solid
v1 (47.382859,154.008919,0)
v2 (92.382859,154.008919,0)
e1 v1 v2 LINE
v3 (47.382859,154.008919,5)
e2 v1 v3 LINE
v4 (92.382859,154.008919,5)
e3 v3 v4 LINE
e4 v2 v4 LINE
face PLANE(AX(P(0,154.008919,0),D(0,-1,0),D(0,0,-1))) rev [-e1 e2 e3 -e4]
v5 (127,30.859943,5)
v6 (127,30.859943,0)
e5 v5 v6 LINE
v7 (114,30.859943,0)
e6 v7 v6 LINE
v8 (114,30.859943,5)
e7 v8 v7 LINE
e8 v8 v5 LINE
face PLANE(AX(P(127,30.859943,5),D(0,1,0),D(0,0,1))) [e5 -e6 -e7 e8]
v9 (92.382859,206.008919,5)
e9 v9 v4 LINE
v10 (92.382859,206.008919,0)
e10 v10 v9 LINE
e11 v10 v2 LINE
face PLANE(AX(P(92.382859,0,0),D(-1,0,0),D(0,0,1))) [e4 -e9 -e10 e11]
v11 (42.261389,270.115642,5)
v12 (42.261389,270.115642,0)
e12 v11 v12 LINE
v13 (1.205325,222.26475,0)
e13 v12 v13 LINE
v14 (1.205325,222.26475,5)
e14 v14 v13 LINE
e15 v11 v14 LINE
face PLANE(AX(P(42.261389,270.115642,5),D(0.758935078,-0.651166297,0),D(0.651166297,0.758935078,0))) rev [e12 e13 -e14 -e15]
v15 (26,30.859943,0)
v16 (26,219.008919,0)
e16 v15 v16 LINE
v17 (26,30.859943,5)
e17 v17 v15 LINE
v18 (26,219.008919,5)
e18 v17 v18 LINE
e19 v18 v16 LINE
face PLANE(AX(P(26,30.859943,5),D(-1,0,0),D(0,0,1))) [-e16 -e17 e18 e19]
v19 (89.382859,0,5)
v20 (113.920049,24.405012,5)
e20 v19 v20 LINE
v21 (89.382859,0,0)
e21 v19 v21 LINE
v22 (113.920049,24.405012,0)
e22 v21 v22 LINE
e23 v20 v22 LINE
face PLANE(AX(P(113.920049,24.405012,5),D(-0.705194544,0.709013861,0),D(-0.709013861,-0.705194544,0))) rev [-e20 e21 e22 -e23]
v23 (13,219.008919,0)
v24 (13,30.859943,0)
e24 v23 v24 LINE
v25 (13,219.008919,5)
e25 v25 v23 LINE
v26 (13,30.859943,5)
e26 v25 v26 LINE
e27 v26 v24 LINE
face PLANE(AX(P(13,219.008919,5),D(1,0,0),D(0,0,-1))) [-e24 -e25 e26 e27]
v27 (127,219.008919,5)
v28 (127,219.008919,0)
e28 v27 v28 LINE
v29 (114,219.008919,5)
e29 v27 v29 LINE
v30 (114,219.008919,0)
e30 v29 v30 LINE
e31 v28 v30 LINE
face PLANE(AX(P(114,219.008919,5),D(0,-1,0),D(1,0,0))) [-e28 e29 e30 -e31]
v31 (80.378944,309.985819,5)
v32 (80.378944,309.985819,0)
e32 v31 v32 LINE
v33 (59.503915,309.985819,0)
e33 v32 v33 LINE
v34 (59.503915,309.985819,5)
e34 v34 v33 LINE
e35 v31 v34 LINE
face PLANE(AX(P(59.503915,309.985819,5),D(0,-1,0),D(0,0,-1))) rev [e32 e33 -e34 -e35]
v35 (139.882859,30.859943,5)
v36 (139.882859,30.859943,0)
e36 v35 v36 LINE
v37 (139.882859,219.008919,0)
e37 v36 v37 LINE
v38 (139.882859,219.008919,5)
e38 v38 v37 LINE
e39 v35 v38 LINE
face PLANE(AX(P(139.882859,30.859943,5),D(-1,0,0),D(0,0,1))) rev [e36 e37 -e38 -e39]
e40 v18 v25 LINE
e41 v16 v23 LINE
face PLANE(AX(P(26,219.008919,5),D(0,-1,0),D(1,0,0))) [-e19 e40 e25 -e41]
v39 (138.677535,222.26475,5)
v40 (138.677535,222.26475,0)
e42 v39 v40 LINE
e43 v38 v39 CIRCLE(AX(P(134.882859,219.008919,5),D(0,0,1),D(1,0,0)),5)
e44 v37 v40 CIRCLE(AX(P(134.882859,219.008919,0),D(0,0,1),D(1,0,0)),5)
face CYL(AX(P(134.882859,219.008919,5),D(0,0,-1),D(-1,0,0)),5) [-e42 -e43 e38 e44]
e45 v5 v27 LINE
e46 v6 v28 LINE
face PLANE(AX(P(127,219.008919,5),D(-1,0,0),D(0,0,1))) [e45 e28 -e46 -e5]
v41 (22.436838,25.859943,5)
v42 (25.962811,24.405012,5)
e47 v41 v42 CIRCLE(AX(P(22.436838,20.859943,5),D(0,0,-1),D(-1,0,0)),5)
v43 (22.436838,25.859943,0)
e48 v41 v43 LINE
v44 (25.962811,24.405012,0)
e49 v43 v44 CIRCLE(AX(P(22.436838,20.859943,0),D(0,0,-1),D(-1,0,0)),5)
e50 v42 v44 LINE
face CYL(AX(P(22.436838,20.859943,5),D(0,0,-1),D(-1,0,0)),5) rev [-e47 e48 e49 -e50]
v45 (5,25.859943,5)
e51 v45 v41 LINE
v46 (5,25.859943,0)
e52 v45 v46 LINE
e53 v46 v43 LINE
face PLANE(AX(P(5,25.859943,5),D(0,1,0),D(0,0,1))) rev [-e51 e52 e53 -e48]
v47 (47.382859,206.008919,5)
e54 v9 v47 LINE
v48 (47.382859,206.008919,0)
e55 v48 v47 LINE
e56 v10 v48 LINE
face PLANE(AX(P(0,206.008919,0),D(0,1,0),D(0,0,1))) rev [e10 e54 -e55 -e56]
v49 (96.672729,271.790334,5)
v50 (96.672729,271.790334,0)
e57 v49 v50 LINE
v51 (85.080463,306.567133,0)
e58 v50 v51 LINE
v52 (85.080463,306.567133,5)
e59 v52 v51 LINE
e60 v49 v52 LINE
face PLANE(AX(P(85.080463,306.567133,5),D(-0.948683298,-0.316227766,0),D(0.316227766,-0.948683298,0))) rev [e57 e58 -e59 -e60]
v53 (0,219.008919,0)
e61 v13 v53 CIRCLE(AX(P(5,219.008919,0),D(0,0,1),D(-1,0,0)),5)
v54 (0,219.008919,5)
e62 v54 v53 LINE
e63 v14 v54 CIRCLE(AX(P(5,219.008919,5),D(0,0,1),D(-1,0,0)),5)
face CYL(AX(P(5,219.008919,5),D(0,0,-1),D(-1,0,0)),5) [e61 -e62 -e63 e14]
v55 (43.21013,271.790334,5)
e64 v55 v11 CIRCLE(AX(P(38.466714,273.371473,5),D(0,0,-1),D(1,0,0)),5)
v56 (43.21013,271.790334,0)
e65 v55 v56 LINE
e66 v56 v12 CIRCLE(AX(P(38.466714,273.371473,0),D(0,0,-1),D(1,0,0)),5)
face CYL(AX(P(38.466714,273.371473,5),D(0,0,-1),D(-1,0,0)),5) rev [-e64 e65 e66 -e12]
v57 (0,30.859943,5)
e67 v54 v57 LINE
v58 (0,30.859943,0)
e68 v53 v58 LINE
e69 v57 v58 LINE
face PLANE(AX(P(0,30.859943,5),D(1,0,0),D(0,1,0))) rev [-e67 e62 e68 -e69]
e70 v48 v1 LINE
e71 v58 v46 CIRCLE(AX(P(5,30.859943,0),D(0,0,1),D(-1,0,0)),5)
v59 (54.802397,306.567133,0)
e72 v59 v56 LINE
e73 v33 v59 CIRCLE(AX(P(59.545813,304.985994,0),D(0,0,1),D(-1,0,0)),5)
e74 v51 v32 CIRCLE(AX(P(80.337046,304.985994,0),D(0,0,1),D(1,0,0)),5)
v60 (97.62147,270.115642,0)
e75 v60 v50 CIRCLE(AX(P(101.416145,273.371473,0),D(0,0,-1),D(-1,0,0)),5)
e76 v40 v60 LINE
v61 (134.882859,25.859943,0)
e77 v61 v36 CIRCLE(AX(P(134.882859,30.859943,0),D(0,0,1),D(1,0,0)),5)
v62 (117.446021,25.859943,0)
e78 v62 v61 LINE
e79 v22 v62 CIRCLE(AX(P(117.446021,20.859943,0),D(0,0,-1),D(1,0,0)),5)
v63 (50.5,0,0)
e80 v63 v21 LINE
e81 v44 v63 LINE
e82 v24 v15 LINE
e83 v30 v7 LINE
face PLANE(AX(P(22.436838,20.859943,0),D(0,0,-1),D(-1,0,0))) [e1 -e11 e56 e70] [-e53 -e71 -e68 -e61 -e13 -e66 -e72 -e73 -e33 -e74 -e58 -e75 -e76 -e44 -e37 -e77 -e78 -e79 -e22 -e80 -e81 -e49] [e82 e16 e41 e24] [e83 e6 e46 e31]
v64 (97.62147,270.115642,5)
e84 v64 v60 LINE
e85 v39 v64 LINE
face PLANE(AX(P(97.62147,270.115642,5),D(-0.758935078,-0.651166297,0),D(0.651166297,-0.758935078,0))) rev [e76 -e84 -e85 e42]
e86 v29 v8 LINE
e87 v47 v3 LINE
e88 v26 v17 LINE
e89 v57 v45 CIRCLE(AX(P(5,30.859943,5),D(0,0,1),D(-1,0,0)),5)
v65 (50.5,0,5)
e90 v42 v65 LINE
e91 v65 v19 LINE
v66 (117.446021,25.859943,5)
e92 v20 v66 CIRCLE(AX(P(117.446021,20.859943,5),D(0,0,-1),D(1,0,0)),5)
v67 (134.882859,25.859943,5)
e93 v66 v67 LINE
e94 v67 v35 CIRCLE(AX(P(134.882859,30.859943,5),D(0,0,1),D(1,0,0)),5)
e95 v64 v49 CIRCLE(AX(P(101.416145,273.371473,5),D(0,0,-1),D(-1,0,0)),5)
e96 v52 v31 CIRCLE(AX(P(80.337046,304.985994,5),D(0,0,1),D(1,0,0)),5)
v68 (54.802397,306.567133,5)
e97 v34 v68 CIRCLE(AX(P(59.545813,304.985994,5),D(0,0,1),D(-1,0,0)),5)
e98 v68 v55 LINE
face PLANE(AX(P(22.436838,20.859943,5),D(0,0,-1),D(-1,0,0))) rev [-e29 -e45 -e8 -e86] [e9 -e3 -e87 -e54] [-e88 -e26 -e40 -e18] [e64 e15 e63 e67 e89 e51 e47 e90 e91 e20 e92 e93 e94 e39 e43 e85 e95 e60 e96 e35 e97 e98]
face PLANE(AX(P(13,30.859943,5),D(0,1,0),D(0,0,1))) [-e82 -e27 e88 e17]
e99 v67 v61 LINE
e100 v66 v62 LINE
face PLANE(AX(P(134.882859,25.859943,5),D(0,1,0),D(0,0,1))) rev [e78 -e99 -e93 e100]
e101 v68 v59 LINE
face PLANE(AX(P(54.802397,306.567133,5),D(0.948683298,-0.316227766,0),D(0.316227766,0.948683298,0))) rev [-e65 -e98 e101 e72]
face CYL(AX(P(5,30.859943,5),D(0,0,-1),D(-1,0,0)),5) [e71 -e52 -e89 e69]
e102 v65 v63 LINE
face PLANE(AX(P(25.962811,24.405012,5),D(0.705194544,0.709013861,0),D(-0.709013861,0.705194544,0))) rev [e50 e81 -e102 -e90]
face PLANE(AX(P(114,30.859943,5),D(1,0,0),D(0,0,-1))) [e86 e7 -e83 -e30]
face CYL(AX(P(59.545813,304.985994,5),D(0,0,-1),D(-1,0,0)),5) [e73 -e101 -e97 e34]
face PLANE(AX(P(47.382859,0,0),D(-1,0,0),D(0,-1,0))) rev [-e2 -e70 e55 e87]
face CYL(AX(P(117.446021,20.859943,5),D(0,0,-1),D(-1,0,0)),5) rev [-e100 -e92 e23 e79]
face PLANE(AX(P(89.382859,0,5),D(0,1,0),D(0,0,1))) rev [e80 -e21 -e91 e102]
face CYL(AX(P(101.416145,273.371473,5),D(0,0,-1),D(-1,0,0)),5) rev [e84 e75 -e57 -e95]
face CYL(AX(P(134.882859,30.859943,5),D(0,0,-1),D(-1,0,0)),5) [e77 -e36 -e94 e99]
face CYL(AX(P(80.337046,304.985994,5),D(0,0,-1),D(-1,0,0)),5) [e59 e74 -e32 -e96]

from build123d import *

# Parameters (mm, degrees)
SKETCH1_W           = 13
SKETCH1_H           = 188.148975749
BOSS_EXTRUDE1_DEPTH = 5
SKETCH2_W           = 45
SKETCH2_H           = 52
CUT_EXTRUDE1_DEPTH  = 341.122657523


with BuildPart() as part:
    # Sketch1 → Boss-Extrude1 (new body)
    with BuildSketch(Plane.XY):
        with BuildLine():
            Line((0, 30.859943174), (0, 219.008918923))
            ThreePointArc((0, 219.008918923), (0.311003468, 220.744808182), (1.205324608, 222.264750409))
            Line((1.205324608, 222.264750409), (42.261389271, 270.115641625))
            ThreePointArc((42.261389271, 270.115641625), (42.81710491, 270.906904614), (43.210130369, 271.790334282))
            Line((43.210130369, 271.790334282), (54.802396658, 306.567133147))
            ThreePointArc((54.802396658, 306.567133147), (56.605292439, 309.029920375), (59.503914938, 309.985818768))
            Line((59.503914938, 309.985818768), (80.378944352, 309.985818768))
            ThreePointArc((80.378944352, 309.985818768), (83.277566851, 309.029920375), (85.080462632, 306.567133147))
            Line((85.080462632, 306.567133147), (96.672728921, 271.790334282))
            ThreePointArc((96.672728921, 271.790334282), (97.06575438, 270.906904614), (97.621470019, 270.115641625))
            Line((97.621470019, 270.115641625), (138.677534682, 222.264750409))
            ThreePointArc((138.677534682, 222.264750409), (139.571855822, 220.744808182), (139.88285929, 219.008918923))
            Line((139.88285929, 219.008918923), (139.88285929, 30.859943174))
            ThreePointArc((139.88285929, 30.859943174), (138.418393196, 27.324409268), (134.88285929, 25.859943174))
            Line((134.88285929, 25.859943174), (117.446021446, 25.859943174))
            ThreePointArc((117.446021446, 25.859943174), (115.538843756, 25.481920377), (113.920048724, 24.405012478))
            Line((113.920048724, 24.405012478), (89.38285929, 0))
            Line((89.38285929, 0), (50.5, 0))
            Line((50.5, 0), (25.962810565, 24.405012478))
            ThreePointArc((25.962810565, 24.405012478), (24.344015534, 25.481920377), (22.436837844, 25.859943174))
            Line((22.436837844, 25.859943174), (5, 25.859943174))
            ThreePointArc((5, 25.859943174), (1.464466094, 27.324409268), (0, 30.859943174))
        make_face()
        with Locations((19.5, 124.934431049)):
            Rectangle(SKETCH1_W, SKETCH1_H, mode=Mode.SUBTRACT)
        with Locations((120.5, 124.934431049)):
            Rectangle(SKETCH1_W, SKETCH1_H, mode=Mode.SUBTRACT)
    extrude(amount=BOSS_EXTRUDE1_DEPTH)

    # Sketch2 → Cut-Extrude1 (cut, through all)
    with BuildSketch(Plane.XY.offset(5)):
        with Locations((69.88285929, 180.008918923)):
            Rectangle(SKETCH2_W, SKETCH2_H)
    extrude(amount=-CUT_EXTRUDE1_DEPTH, mode=Mode.SUBTRACT)


solid = part.part
